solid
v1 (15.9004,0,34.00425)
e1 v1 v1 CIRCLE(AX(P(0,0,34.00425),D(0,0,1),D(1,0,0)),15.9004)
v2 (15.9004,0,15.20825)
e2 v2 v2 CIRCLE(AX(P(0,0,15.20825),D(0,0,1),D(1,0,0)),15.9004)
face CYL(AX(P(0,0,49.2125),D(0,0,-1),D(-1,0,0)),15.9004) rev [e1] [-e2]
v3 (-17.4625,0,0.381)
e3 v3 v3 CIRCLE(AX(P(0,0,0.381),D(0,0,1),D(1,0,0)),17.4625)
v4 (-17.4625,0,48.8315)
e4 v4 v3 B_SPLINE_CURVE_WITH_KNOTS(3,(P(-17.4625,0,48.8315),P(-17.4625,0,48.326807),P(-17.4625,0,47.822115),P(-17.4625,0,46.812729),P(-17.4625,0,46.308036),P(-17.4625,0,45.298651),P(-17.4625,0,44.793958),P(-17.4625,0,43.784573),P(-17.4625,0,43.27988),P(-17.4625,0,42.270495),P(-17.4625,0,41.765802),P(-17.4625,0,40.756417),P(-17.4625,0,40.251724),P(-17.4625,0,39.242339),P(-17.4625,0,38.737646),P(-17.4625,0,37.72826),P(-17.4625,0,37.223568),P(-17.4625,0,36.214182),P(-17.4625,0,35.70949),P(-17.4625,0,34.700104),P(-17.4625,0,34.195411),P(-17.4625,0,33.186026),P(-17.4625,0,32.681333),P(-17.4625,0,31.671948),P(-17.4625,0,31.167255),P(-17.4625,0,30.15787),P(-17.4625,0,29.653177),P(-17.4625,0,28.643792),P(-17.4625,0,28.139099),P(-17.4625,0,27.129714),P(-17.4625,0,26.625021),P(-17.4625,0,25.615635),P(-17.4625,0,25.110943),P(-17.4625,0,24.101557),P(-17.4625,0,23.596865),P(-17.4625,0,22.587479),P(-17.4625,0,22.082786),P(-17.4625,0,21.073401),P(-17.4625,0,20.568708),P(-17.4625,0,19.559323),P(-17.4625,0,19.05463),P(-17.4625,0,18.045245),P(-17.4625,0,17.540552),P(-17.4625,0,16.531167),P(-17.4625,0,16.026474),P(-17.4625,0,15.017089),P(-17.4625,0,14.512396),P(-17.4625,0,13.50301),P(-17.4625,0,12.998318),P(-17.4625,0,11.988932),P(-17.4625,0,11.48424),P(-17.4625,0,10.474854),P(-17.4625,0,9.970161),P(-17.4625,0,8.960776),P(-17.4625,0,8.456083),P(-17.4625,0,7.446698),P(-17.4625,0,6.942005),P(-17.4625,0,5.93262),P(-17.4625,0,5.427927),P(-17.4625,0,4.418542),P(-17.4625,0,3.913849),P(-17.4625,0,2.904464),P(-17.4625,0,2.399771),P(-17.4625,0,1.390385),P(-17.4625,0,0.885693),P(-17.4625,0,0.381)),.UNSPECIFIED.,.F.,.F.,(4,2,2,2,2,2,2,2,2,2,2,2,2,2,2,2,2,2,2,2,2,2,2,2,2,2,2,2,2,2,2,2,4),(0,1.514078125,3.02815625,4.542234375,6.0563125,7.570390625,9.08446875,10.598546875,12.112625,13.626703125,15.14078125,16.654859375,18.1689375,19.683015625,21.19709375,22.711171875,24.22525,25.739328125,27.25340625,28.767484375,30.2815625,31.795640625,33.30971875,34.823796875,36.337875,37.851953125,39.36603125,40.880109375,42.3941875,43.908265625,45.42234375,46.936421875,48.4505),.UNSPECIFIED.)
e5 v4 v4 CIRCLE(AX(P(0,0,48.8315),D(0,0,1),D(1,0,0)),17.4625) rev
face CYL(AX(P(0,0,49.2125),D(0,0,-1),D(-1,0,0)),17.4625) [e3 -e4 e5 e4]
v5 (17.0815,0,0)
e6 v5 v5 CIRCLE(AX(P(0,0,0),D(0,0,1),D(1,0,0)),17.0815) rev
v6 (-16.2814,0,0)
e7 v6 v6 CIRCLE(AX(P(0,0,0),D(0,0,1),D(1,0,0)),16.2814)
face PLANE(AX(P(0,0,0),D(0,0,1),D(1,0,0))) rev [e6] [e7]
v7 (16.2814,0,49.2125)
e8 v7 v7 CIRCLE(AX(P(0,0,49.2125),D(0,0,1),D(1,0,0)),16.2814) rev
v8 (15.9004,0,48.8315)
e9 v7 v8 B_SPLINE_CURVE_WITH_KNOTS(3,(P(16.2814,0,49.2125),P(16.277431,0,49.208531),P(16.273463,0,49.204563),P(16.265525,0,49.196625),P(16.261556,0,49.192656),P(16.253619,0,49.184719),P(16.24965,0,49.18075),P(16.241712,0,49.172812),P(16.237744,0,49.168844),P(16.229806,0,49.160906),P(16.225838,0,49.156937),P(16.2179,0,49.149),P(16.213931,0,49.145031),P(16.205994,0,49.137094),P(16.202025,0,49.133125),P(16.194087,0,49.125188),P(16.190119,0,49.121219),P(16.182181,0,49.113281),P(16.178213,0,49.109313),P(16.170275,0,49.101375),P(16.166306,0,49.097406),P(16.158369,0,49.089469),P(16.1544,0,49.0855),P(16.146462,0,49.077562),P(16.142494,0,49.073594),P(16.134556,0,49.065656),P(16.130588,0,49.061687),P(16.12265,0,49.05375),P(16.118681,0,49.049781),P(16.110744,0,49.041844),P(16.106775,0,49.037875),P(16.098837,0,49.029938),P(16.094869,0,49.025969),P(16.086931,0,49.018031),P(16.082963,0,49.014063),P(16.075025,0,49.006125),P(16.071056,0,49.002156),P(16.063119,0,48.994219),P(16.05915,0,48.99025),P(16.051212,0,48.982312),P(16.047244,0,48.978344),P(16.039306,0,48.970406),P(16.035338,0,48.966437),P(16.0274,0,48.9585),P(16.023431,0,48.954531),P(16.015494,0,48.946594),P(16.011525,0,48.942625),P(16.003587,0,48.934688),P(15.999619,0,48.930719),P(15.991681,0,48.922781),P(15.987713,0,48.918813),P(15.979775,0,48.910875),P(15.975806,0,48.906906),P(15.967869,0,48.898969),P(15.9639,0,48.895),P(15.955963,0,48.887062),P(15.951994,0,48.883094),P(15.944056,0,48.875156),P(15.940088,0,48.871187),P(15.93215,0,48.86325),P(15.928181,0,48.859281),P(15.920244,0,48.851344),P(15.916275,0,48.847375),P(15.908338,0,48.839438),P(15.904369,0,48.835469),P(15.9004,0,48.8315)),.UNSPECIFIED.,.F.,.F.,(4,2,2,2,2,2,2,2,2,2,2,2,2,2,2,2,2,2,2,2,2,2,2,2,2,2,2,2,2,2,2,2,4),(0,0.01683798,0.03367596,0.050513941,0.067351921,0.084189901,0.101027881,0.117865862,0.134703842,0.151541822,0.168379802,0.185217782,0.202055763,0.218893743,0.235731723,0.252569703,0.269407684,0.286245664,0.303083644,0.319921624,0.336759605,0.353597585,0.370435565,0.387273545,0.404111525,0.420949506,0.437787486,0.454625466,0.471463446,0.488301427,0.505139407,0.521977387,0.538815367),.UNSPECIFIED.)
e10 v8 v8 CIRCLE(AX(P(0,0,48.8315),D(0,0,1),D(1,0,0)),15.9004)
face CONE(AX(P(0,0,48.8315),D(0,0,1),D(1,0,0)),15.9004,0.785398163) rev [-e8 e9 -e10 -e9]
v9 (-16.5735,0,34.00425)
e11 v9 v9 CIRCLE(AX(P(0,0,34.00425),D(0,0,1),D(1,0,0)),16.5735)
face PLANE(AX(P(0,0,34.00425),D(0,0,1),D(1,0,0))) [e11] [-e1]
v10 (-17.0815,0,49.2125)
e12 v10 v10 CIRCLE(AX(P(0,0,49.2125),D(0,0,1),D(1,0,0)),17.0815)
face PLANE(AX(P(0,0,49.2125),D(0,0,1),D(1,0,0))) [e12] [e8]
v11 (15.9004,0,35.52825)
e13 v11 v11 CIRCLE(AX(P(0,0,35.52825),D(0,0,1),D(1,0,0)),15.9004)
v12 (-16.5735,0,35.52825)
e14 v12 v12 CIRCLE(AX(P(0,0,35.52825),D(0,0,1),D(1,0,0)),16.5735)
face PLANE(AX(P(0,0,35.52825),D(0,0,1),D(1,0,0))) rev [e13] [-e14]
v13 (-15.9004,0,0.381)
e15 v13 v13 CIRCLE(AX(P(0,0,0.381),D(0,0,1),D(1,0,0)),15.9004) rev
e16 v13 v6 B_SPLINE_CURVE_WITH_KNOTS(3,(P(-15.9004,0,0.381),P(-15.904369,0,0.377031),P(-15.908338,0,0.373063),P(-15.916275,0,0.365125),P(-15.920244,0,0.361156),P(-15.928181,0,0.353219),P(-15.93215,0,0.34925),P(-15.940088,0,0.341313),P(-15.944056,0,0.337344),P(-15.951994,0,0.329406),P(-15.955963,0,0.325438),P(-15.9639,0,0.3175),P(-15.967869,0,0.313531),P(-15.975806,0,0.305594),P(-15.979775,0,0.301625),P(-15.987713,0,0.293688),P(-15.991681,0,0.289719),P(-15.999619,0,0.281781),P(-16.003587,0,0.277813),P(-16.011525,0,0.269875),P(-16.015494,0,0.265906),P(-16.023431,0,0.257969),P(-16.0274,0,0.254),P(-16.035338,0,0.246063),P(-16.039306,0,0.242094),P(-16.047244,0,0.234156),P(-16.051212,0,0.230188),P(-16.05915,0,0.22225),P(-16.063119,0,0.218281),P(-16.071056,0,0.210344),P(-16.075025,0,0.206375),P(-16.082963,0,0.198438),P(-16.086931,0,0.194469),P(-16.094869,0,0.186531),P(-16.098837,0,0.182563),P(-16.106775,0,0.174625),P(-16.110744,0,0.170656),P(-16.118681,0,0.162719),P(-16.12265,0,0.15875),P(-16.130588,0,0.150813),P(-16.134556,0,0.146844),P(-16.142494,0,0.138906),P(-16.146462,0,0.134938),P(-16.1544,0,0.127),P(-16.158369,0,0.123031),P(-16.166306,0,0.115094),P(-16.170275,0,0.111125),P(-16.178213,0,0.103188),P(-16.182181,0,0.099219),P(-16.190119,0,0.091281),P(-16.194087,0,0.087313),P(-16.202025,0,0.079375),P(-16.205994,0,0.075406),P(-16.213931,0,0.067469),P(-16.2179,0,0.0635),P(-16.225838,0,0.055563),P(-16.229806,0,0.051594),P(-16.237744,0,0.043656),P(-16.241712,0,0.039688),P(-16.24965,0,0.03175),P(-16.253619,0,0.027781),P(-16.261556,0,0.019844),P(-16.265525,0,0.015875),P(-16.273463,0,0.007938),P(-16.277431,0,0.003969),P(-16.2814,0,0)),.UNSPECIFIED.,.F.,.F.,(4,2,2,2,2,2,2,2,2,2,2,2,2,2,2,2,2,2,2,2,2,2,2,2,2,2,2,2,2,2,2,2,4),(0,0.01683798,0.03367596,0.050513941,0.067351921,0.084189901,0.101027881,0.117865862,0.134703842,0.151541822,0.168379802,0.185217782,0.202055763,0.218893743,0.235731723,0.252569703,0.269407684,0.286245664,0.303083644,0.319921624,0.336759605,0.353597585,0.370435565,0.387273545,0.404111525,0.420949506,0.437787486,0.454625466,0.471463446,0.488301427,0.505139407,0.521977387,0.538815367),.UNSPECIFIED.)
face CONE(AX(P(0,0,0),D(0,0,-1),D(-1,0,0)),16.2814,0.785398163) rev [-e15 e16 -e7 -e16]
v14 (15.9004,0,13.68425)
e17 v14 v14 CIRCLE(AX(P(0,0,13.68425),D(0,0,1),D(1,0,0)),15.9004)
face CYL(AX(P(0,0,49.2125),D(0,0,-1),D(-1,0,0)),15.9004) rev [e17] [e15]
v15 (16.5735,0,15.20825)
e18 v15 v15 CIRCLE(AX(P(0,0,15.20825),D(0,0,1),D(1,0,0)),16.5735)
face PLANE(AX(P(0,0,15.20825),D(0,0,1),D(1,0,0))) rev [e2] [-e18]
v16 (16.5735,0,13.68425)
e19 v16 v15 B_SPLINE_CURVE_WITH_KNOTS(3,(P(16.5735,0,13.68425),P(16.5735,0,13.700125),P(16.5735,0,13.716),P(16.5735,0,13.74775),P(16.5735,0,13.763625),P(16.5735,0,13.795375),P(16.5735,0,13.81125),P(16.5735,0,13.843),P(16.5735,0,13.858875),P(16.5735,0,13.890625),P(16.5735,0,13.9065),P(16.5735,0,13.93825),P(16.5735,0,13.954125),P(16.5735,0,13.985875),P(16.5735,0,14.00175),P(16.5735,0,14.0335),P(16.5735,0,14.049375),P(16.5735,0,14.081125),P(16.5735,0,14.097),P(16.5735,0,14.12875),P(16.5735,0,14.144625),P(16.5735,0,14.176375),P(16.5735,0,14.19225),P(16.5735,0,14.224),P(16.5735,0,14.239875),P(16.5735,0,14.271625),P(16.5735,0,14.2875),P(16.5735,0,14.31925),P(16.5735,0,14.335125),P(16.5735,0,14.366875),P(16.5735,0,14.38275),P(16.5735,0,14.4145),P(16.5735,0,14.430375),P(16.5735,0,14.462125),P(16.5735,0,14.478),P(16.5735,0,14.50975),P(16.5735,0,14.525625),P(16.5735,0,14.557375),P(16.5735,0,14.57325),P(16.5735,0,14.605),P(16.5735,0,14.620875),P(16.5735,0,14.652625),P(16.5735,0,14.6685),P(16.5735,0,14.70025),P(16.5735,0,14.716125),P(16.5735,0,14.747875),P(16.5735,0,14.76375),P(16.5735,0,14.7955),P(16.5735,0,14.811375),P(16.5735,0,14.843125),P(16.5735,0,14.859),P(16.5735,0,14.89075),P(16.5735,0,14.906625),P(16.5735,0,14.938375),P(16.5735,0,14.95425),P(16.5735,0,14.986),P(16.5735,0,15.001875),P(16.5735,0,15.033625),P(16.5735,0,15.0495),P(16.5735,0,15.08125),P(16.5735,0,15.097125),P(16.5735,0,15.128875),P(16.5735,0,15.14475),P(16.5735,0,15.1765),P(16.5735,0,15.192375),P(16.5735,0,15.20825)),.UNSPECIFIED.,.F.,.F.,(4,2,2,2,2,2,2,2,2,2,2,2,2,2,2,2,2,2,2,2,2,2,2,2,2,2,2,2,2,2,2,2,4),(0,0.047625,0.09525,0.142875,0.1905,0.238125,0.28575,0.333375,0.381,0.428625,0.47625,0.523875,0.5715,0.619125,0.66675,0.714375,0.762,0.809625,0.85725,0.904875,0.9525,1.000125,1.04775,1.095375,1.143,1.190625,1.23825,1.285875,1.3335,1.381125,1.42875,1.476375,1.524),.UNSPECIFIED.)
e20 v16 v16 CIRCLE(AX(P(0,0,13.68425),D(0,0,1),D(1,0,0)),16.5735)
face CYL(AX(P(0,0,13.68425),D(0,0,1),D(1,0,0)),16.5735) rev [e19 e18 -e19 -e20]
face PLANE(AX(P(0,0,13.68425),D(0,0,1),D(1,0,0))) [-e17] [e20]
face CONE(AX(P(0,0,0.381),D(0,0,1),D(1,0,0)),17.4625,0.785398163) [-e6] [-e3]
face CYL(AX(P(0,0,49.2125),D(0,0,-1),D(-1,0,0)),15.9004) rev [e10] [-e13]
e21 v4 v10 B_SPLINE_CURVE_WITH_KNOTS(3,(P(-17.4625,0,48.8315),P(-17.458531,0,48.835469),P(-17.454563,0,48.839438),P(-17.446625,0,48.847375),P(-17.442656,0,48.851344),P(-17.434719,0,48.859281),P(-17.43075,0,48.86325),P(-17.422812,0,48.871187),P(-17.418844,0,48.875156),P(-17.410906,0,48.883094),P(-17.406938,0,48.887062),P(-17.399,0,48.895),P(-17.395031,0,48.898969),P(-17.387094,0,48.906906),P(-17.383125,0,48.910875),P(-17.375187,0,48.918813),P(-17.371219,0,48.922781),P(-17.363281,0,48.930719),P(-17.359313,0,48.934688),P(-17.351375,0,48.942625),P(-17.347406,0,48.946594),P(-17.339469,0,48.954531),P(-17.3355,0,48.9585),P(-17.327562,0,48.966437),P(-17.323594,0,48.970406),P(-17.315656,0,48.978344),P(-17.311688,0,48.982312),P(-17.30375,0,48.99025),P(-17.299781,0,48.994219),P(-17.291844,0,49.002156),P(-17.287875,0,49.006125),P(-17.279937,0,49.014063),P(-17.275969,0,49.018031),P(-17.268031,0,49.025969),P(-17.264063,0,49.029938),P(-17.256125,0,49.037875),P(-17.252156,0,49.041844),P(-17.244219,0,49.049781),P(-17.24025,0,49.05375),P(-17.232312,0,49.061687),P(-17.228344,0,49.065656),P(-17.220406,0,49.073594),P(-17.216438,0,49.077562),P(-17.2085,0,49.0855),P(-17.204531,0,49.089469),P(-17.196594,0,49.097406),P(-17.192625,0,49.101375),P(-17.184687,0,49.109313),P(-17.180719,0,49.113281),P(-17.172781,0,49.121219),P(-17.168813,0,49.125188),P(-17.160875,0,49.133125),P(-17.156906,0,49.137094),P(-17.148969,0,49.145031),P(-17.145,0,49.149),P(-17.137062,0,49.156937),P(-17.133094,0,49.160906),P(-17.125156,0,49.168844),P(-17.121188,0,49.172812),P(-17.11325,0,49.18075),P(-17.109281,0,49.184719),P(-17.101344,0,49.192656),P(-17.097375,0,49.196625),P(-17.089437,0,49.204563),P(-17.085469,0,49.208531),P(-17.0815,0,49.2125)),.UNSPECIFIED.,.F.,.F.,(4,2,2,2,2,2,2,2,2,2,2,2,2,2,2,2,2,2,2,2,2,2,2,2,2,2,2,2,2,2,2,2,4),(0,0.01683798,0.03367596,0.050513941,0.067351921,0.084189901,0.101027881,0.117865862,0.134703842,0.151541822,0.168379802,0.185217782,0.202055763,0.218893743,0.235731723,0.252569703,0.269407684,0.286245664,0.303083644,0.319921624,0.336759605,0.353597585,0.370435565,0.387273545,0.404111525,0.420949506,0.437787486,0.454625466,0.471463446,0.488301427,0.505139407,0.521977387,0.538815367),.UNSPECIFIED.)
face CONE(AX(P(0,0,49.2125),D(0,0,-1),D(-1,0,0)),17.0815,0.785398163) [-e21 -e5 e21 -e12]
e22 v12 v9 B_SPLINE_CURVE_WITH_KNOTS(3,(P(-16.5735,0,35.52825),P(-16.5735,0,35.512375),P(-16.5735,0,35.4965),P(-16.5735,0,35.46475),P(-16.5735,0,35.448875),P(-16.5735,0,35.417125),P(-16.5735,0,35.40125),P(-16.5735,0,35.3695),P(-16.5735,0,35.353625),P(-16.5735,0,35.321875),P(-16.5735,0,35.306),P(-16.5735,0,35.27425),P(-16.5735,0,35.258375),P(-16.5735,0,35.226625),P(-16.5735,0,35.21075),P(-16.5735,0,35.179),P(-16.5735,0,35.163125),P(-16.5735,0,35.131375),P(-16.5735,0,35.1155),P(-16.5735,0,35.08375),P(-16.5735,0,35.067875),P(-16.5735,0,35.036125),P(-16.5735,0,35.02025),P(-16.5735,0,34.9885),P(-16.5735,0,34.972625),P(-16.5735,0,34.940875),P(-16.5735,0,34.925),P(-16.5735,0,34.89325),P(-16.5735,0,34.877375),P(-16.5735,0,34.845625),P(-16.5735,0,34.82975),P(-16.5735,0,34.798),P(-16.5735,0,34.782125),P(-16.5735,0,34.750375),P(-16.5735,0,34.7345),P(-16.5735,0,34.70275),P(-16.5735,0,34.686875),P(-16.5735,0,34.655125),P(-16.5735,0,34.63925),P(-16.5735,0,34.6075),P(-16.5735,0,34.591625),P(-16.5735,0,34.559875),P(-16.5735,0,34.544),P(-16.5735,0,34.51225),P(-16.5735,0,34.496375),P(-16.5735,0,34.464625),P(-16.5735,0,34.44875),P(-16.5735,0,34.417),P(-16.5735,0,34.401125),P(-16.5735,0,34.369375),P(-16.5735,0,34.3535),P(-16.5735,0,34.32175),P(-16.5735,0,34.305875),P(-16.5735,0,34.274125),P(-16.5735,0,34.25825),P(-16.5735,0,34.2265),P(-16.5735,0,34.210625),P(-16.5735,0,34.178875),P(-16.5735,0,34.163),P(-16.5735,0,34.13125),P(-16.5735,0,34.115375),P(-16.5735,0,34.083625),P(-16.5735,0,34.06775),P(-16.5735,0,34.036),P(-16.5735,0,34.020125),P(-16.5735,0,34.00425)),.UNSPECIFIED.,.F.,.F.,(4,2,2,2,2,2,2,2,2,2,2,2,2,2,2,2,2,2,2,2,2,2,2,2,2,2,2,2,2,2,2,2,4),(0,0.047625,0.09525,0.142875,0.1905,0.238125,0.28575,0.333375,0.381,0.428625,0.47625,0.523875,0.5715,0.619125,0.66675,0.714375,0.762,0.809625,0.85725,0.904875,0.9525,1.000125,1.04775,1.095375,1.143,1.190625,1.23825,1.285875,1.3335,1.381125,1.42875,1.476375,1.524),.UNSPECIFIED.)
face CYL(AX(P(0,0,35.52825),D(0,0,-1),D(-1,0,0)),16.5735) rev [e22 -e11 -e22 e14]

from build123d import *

# Parameters (mm, degrees)
SKETCH1_R          = 17.4625
SKETCH1_R_2        = 15.9004
BASE_EXTRUDE_DEPTH = 49.2125
SKETCH2_R          = 16.5735
CUT_EXTRUDE1_DEPTH = 1.524
CUT_EXTRUDE2_START = 1.524
SKETCH3_R          = 16.5735
CUT_EXTRUDE2_DEPTH = 1.524
CHAMFER1_SIZE      = 0.381


with BuildPart() as part:
    # Sketch1 → Base-Extrude (new body)
    with BuildSketch(Plane.XY):
        Circle(SKETCH1_R)
        Circle(SKETCH1_R_2, mode=Mode.SUBTRACT)
    extrude(amount=BASE_EXTRUDE_DEPTH)

    # Sketch2 → Cut-Extrude1 (cut)
    with BuildSketch(Plane.XY.offset(15.20825)):
        Circle(SKETCH2_R)
    extrude(amount=-CUT_EXTRUDE1_DEPTH, mode=Mode.SUBTRACT)

    # Sketch3 → Cut-Extrude2 (cut)
    with BuildSketch(Plane.XY.offset(34.00425).offset(CUT_EXTRUDE2_START)):
        Circle(SKETCH3_R)
    extrude(amount=-CUT_EXTRUDE2_DEPTH, mode=Mode.SUBTRACT)

    # Chamfer1
    chamfer1_edges = [part.edges().sort_by_distance(p)[0] for p in [
        (-17.4625, 0, 0),
        (-17.4625, 0, 49.2125),
        (-15.9004, 0, 0),
        (-15.9004, 0, 49.2125),
    ]]
    chamfer(chamfer1_edges, length=CHAMFER1_SIZE)


solid = part.part
